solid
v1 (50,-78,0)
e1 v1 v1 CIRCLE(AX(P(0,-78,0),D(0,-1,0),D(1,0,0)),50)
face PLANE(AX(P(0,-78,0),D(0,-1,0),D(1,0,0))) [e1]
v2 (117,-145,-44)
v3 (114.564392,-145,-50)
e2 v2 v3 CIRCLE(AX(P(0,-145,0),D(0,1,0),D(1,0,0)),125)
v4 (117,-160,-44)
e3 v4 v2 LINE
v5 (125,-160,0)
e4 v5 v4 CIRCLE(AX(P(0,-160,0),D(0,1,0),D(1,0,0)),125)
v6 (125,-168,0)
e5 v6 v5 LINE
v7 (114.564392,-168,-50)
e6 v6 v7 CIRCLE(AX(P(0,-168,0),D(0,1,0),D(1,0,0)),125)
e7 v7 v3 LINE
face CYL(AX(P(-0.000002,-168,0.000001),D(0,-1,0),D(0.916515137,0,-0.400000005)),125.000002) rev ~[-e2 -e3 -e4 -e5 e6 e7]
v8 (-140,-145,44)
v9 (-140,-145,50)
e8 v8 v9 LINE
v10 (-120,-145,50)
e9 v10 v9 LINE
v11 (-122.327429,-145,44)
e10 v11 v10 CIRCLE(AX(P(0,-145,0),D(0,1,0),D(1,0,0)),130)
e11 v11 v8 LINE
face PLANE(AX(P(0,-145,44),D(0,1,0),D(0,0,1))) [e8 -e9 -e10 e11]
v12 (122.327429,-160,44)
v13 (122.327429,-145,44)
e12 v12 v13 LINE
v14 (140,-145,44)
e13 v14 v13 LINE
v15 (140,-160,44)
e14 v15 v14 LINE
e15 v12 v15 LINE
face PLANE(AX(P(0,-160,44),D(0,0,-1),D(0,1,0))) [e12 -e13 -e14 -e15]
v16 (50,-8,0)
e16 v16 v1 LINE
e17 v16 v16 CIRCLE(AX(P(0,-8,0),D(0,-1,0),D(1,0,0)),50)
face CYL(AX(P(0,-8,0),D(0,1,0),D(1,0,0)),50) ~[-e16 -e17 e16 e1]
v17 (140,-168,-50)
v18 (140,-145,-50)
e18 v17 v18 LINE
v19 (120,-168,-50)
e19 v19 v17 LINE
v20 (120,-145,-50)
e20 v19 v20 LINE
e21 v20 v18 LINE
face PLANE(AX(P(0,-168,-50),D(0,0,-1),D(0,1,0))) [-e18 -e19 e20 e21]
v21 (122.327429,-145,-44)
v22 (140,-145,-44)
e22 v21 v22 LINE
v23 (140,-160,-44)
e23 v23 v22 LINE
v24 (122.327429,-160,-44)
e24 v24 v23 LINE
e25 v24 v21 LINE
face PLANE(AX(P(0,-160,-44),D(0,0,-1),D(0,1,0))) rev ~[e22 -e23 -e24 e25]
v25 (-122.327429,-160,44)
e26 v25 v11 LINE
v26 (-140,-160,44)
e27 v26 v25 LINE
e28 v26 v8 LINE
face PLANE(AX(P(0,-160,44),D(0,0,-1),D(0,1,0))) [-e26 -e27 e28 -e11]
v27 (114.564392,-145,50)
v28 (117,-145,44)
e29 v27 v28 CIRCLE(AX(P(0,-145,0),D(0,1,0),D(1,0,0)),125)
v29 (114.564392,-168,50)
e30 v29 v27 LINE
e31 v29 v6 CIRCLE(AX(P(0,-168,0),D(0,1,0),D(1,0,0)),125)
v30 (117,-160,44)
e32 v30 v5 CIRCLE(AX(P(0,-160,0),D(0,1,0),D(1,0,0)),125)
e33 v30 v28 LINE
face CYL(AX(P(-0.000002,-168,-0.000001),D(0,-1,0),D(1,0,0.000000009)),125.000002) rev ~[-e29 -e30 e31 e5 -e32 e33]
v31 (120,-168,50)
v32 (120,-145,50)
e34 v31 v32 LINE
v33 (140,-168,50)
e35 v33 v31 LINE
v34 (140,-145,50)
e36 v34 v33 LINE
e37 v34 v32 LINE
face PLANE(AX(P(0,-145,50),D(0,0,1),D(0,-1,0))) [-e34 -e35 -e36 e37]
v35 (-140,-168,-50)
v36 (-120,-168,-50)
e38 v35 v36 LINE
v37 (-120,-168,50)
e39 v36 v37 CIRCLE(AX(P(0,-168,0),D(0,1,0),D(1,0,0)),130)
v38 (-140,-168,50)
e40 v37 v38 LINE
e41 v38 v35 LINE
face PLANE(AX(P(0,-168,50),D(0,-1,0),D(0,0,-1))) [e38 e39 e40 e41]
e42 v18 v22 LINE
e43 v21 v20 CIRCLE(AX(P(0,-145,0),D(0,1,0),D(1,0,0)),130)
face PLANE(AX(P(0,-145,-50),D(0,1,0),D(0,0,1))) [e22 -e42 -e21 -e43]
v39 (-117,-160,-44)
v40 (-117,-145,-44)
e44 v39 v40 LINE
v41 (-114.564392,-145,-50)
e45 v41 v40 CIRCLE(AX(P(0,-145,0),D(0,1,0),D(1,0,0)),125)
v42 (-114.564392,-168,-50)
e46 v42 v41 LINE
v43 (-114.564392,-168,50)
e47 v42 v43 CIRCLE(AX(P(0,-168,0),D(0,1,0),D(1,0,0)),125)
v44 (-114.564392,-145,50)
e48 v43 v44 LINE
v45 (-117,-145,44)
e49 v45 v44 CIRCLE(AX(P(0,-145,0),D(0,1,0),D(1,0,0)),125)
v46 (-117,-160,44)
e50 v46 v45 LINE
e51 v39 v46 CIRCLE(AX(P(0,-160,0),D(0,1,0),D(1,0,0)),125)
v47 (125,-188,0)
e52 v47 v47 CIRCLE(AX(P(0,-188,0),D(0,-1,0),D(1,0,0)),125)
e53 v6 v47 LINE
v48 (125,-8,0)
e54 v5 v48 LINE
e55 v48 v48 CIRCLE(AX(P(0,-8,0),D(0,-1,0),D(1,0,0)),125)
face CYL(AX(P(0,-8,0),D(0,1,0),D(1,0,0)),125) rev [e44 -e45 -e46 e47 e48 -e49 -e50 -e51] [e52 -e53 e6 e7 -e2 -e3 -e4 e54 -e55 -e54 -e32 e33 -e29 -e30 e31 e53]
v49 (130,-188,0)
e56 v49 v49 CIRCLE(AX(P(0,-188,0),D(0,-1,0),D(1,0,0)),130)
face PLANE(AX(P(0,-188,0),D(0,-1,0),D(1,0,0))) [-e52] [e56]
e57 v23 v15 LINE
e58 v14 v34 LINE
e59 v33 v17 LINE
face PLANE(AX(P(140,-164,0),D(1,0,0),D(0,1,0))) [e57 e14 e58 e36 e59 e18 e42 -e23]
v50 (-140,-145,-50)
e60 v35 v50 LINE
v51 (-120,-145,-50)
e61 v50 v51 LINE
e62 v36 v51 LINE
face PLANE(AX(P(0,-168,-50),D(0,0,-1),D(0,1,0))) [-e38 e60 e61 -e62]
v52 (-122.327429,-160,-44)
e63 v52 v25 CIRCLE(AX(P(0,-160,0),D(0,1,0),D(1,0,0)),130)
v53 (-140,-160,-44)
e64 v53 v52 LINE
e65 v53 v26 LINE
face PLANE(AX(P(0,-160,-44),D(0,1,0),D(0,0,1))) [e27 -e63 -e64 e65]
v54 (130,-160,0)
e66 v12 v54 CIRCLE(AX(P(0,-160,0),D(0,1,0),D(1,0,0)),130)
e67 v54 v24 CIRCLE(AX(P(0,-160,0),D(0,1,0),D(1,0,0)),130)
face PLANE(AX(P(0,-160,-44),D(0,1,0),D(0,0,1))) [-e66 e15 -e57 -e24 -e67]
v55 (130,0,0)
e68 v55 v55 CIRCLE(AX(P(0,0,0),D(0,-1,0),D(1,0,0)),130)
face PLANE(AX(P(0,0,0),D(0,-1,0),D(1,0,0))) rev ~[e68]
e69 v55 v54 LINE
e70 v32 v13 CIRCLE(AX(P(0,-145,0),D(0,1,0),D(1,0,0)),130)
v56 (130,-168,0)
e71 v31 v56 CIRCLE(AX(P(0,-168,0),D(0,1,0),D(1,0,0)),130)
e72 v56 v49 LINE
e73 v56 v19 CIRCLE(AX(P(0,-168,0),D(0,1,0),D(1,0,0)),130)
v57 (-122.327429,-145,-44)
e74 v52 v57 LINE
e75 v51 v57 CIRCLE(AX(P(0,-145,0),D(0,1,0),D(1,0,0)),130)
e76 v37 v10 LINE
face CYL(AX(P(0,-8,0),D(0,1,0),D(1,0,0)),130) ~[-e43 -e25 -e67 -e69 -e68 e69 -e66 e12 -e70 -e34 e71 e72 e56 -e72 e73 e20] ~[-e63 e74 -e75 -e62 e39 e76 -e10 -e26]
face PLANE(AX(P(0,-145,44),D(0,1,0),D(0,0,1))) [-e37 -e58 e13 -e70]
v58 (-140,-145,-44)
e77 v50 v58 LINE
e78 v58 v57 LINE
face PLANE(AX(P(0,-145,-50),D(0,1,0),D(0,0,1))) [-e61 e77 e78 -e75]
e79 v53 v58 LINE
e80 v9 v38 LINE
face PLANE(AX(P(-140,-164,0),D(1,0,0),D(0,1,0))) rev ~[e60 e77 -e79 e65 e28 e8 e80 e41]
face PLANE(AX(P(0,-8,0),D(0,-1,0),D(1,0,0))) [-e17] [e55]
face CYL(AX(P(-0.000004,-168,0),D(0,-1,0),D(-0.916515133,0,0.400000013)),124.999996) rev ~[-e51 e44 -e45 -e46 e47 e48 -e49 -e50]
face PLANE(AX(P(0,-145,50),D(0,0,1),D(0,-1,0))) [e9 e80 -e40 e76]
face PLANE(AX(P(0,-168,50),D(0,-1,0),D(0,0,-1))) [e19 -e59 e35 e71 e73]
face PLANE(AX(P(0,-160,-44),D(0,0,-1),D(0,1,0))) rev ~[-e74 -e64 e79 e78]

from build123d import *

# Parameters (mm, degrees)
F0_R     = 130
F1_DEPTH = 8
F2_R     = 130
F2_R_2   = 125
F3_DEPTH = 180
F4_R     = 50
F5_DEPTH = 70
F6_W     = 15
F6_H     = 6
F7_DEPTH = 140
F8_DEPTH = 25


with BuildPart() as f1:
    # F0 (on Front) → F1 (new body)
    with BuildSketch(Plane.XZ):
        Circle(F0_R)
    extrude(amount=F1_DEPTH)

    # F2 (on face) → F3 (join)
    with BuildSketch(Plane.XZ.offset(8)):
        Circle(F2_R)
        Circle(F2_R_2, mode=Mode.SUBTRACT)
    extrude(amount=F3_DEPTH)

    # F4 (on face) → F5 (join)
    with BuildSketch(Plane.XZ.offset(8)):
        Circle(F4_R)
    extrude(amount=F5_DEPTH)

    # F6 (on Right) → F7 (join, symmetric)
    with BuildSketch(Plane.YZ):
        Polygon((-160, 50), (-168, 50), (-168, -50), (-160, -50), (-160, -44), (-160, 44), align=None)
        with Locations((-152.5, 47)):
            Rectangle(F6_W, F6_H)
        with Locations((-152.5, -47)):
            Rectangle(F6_W, F6_H)
    extrude(amount=F7_DEPTH, both=True)

    # F7_face (on face) → F8 (cut)
    with BuildSketch(Plane.XZ.offset(168)):
        with BuildLine():
            Line((114.564392, 50), (-114.564392, 50))
            ThreePointArc((-114.564392, 50), (-125, 0), (-114.564392, -50))
            Line((-114.564392, -50), (114.564392, -50))
            ThreePointArc((114.564392, -50), (122.363289, -25.538705), (125, 0))
            ThreePointArc((125, 0), (122.363289, 25.538705), (114.564392, 50))
        make_face()
    extrude(amount=-F8_DEPTH, mode=Mode.SUBTRACT)


solid = f1.part
